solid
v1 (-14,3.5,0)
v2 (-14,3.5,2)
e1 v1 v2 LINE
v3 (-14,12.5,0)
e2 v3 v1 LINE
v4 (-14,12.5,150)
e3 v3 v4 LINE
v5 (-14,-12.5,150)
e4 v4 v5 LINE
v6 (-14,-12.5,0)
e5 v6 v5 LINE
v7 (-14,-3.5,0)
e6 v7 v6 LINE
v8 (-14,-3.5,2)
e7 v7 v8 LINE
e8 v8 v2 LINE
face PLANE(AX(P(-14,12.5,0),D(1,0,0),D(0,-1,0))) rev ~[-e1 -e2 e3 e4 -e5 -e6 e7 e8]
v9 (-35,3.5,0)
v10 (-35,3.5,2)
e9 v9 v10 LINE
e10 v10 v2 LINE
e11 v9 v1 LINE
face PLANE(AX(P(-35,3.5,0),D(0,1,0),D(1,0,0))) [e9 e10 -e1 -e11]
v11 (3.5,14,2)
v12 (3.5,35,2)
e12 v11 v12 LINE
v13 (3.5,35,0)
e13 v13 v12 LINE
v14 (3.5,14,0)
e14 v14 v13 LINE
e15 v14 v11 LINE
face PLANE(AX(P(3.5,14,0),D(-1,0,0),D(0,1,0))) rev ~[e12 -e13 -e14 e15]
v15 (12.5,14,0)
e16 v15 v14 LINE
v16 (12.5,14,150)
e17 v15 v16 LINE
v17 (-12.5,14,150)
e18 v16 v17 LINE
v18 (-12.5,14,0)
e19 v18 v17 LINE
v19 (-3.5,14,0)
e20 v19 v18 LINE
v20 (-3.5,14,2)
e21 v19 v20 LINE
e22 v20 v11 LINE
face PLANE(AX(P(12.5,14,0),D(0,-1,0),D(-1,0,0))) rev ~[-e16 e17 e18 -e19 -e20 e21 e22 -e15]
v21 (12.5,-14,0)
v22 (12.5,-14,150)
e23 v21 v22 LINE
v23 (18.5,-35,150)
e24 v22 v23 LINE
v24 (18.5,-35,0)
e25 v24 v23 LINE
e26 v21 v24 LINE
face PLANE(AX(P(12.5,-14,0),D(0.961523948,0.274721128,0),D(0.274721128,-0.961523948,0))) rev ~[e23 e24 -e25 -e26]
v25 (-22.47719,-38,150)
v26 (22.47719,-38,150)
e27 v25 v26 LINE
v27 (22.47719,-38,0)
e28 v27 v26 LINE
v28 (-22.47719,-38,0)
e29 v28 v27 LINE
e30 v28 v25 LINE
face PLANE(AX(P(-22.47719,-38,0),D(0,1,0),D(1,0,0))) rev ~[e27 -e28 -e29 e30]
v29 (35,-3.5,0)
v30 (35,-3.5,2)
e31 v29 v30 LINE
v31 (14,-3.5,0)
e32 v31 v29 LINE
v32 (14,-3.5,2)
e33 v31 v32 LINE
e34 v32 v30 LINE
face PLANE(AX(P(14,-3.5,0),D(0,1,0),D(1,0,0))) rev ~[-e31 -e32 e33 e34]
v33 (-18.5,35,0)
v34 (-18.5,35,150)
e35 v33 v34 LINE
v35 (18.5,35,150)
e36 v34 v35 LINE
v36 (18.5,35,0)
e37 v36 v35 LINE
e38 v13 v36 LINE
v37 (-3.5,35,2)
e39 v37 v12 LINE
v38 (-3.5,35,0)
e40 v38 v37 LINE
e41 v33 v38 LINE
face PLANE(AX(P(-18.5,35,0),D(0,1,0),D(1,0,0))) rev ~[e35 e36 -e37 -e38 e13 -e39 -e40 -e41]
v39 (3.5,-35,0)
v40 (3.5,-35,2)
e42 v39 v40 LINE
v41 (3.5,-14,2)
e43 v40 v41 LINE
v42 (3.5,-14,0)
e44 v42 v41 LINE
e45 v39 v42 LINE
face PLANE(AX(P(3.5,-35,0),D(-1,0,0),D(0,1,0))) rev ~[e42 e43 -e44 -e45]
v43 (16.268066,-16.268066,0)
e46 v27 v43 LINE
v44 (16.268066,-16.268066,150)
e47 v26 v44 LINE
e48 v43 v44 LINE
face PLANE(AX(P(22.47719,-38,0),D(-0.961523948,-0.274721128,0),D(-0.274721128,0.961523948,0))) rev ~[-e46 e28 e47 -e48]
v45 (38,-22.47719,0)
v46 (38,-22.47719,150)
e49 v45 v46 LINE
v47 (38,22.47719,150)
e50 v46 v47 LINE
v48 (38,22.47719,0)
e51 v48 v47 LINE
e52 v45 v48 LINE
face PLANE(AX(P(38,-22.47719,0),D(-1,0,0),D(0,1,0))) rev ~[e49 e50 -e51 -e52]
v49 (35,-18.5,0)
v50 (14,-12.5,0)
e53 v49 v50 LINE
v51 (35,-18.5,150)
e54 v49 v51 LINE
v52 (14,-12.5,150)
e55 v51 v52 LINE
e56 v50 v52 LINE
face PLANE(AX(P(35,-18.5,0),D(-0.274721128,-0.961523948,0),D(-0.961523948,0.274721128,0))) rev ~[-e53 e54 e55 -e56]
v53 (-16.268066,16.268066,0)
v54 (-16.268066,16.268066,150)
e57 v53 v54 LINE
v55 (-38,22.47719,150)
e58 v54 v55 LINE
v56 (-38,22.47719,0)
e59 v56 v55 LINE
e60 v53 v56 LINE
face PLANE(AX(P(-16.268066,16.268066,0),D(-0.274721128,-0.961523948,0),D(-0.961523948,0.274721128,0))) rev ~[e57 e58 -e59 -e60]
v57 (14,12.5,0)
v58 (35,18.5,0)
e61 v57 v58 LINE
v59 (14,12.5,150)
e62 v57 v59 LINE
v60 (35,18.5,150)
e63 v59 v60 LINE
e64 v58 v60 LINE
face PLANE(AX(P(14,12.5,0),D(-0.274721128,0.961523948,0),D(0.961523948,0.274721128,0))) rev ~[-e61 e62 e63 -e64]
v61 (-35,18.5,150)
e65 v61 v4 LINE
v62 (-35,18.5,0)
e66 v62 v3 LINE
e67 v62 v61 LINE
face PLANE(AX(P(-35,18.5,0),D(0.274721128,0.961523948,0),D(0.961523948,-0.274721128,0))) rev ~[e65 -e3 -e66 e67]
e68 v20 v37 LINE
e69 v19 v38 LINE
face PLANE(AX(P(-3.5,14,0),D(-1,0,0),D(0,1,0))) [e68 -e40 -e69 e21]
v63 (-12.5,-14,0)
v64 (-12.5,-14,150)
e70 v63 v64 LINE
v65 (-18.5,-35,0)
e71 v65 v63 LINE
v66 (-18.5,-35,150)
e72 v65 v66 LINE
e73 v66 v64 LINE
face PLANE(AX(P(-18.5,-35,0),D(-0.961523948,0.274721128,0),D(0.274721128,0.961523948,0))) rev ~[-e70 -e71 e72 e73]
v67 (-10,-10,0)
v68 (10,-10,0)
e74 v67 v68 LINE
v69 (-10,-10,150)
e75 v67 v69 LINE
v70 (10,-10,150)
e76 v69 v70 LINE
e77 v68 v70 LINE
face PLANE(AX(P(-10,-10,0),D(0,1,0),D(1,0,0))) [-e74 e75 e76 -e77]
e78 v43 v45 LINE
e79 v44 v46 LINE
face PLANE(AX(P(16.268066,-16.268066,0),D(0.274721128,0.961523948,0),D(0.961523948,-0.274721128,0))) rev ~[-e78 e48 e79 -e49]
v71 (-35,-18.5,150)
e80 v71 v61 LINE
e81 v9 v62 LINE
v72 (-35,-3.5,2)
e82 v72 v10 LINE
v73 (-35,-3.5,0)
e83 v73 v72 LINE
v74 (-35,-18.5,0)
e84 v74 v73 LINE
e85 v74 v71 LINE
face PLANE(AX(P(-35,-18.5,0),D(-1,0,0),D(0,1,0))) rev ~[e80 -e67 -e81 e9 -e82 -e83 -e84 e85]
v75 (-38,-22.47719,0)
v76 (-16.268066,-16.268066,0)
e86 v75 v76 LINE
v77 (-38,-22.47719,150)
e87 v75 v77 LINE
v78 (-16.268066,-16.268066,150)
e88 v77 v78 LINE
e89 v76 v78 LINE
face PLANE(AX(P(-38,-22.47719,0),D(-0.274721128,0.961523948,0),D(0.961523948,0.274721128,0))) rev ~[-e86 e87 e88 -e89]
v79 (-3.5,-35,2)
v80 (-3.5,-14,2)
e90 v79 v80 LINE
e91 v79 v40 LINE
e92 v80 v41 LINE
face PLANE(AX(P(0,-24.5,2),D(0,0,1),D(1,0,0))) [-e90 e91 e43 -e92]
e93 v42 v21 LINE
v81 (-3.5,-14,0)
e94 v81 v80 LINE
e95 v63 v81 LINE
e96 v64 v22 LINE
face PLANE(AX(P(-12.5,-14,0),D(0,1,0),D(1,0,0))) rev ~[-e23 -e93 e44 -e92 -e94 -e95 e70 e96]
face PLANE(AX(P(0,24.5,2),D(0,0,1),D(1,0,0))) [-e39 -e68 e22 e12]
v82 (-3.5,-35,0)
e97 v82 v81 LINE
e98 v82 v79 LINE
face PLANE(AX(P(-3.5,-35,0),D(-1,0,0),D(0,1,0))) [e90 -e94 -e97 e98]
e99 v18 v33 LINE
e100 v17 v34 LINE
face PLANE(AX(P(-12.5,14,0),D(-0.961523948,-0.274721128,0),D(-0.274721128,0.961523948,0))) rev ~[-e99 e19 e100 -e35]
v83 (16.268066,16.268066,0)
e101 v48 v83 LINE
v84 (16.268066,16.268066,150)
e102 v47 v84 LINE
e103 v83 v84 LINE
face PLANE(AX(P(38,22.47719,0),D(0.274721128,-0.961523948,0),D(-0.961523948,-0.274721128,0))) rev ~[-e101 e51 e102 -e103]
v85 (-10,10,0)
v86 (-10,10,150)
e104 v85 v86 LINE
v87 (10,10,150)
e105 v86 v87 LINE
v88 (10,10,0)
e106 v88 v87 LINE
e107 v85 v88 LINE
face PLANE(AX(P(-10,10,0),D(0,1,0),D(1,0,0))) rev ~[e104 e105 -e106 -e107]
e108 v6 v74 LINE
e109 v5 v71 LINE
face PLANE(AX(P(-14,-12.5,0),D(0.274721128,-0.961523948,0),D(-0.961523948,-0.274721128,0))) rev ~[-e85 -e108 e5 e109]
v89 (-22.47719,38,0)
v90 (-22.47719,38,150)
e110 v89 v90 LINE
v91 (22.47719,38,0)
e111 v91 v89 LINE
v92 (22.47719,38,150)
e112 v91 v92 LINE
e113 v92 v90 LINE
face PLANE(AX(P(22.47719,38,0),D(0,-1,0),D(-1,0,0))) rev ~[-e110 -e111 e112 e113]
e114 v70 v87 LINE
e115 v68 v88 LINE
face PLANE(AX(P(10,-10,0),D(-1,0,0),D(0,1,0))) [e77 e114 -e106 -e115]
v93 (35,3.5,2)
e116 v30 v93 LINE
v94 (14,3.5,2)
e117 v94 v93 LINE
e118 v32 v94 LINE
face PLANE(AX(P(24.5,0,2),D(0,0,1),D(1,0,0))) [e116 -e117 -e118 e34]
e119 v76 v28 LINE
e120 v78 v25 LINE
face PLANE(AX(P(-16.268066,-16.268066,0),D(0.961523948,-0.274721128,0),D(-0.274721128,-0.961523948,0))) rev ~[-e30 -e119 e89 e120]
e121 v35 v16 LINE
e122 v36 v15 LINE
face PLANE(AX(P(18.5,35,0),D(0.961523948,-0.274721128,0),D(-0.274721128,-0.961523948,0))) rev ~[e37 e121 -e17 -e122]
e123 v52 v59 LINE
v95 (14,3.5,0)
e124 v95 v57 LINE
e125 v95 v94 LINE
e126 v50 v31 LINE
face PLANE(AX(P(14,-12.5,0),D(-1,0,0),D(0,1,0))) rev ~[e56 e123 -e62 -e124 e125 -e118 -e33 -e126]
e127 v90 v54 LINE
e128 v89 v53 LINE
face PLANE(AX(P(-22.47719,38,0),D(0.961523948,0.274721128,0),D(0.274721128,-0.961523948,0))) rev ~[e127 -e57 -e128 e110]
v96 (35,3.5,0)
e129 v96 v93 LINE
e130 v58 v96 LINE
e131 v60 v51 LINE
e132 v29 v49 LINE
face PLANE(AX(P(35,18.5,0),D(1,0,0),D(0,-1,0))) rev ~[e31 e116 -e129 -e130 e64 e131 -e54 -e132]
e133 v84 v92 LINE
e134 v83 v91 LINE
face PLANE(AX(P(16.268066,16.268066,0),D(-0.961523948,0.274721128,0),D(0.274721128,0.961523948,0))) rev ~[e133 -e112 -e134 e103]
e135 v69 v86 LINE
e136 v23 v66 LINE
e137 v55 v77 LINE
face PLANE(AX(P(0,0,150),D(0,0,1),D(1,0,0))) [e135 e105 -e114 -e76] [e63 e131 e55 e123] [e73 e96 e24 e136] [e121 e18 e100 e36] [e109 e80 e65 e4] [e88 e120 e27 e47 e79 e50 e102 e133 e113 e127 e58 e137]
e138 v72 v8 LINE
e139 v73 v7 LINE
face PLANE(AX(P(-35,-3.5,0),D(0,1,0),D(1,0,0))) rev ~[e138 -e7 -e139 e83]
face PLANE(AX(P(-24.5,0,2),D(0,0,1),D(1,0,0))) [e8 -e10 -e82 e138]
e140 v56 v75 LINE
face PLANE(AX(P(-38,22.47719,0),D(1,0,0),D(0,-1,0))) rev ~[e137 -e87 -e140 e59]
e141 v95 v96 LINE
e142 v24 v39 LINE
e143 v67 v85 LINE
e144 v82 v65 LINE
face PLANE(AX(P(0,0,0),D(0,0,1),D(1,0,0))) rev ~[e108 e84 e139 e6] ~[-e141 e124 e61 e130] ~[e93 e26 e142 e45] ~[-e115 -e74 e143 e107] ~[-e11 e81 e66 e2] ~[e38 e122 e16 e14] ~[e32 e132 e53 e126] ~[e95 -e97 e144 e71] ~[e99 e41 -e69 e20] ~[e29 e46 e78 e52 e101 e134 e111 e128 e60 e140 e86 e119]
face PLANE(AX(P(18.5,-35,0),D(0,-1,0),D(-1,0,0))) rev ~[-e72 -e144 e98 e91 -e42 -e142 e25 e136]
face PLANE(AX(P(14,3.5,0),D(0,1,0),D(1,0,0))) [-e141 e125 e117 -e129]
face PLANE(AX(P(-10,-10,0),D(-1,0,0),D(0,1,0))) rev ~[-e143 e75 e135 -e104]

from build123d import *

# Parameters (mm, degrees)
SKETCH1_W           = 20
SKETCH1_H           = 20
BOSS_EXTRUDE1_DEPTH = 150
SKETCH2_W           = 7
SKETCH2_H           = 21
SKETCH2_W_2         = 21
SKETCH2_H_2         = 7
BOSS_EXTRUDE2_DEPTH = 2


with BuildPart() as part:
    # Sketch1 → Boss-Extrude1 (new body)
    with BuildSketch(Plane.XY):
        Polygon((22.477189953, 38), (-22.477189953, 38), (-16.268065934, 16.268065934), (-38, 22.477189953), (-38, -22.477189953), (-16.268065934, -16.268065934), (-22.477189953, -38), (22.477189953, -38), (16.268065934, -16.268065934), (38, -22.477189953), (38, 22.477189953), (16.268065934, 16.268065934), align=None)
        Polygon((12.5, 14), (-12.5, 14), (-18.5, 35), (18.5, 35), align=None, mode=Mode.SUBTRACT)
        Rectangle(SKETCH1_W, SKETCH1_H, mode=Mode.SUBTRACT)
        Polygon((14, -12.5), (14, 12.5), (35, 18.5), (35, -18.5), align=None, mode=Mode.SUBTRACT)
        Polygon((-12.5, -14), (12.5, -14), (18.5, -35), (-18.5, -35), align=None, mode=Mode.SUBTRACT)
        Polygon((-14, 12.5), (-14, -12.5), (-35, -18.5), (-35, 18.5), align=None, mode=Mode.SUBTRACT)
    extrude(amount=BOSS_EXTRUDE1_DEPTH)

    # Sketch2 → Boss-Extrude2 (add)
    with BuildSketch(Plane.XY):
        with Locations((0, 24.5)):
            Rectangle(SKETCH2_W, SKETCH2_H)
        with Locations((24.5, 0)):
            Rectangle(SKETCH2_W_2, SKETCH2_H_2)
        with Locations((0, -24.5)):
            Rectangle(SKETCH2_W, SKETCH2_H)
        with Locations((-24.5, 0)):
            Rectangle(SKETCH2_W_2, SKETCH2_H_2)
    extrude(amount=BOSS_EXTRUDE2_DEPTH)


solid = part.part
